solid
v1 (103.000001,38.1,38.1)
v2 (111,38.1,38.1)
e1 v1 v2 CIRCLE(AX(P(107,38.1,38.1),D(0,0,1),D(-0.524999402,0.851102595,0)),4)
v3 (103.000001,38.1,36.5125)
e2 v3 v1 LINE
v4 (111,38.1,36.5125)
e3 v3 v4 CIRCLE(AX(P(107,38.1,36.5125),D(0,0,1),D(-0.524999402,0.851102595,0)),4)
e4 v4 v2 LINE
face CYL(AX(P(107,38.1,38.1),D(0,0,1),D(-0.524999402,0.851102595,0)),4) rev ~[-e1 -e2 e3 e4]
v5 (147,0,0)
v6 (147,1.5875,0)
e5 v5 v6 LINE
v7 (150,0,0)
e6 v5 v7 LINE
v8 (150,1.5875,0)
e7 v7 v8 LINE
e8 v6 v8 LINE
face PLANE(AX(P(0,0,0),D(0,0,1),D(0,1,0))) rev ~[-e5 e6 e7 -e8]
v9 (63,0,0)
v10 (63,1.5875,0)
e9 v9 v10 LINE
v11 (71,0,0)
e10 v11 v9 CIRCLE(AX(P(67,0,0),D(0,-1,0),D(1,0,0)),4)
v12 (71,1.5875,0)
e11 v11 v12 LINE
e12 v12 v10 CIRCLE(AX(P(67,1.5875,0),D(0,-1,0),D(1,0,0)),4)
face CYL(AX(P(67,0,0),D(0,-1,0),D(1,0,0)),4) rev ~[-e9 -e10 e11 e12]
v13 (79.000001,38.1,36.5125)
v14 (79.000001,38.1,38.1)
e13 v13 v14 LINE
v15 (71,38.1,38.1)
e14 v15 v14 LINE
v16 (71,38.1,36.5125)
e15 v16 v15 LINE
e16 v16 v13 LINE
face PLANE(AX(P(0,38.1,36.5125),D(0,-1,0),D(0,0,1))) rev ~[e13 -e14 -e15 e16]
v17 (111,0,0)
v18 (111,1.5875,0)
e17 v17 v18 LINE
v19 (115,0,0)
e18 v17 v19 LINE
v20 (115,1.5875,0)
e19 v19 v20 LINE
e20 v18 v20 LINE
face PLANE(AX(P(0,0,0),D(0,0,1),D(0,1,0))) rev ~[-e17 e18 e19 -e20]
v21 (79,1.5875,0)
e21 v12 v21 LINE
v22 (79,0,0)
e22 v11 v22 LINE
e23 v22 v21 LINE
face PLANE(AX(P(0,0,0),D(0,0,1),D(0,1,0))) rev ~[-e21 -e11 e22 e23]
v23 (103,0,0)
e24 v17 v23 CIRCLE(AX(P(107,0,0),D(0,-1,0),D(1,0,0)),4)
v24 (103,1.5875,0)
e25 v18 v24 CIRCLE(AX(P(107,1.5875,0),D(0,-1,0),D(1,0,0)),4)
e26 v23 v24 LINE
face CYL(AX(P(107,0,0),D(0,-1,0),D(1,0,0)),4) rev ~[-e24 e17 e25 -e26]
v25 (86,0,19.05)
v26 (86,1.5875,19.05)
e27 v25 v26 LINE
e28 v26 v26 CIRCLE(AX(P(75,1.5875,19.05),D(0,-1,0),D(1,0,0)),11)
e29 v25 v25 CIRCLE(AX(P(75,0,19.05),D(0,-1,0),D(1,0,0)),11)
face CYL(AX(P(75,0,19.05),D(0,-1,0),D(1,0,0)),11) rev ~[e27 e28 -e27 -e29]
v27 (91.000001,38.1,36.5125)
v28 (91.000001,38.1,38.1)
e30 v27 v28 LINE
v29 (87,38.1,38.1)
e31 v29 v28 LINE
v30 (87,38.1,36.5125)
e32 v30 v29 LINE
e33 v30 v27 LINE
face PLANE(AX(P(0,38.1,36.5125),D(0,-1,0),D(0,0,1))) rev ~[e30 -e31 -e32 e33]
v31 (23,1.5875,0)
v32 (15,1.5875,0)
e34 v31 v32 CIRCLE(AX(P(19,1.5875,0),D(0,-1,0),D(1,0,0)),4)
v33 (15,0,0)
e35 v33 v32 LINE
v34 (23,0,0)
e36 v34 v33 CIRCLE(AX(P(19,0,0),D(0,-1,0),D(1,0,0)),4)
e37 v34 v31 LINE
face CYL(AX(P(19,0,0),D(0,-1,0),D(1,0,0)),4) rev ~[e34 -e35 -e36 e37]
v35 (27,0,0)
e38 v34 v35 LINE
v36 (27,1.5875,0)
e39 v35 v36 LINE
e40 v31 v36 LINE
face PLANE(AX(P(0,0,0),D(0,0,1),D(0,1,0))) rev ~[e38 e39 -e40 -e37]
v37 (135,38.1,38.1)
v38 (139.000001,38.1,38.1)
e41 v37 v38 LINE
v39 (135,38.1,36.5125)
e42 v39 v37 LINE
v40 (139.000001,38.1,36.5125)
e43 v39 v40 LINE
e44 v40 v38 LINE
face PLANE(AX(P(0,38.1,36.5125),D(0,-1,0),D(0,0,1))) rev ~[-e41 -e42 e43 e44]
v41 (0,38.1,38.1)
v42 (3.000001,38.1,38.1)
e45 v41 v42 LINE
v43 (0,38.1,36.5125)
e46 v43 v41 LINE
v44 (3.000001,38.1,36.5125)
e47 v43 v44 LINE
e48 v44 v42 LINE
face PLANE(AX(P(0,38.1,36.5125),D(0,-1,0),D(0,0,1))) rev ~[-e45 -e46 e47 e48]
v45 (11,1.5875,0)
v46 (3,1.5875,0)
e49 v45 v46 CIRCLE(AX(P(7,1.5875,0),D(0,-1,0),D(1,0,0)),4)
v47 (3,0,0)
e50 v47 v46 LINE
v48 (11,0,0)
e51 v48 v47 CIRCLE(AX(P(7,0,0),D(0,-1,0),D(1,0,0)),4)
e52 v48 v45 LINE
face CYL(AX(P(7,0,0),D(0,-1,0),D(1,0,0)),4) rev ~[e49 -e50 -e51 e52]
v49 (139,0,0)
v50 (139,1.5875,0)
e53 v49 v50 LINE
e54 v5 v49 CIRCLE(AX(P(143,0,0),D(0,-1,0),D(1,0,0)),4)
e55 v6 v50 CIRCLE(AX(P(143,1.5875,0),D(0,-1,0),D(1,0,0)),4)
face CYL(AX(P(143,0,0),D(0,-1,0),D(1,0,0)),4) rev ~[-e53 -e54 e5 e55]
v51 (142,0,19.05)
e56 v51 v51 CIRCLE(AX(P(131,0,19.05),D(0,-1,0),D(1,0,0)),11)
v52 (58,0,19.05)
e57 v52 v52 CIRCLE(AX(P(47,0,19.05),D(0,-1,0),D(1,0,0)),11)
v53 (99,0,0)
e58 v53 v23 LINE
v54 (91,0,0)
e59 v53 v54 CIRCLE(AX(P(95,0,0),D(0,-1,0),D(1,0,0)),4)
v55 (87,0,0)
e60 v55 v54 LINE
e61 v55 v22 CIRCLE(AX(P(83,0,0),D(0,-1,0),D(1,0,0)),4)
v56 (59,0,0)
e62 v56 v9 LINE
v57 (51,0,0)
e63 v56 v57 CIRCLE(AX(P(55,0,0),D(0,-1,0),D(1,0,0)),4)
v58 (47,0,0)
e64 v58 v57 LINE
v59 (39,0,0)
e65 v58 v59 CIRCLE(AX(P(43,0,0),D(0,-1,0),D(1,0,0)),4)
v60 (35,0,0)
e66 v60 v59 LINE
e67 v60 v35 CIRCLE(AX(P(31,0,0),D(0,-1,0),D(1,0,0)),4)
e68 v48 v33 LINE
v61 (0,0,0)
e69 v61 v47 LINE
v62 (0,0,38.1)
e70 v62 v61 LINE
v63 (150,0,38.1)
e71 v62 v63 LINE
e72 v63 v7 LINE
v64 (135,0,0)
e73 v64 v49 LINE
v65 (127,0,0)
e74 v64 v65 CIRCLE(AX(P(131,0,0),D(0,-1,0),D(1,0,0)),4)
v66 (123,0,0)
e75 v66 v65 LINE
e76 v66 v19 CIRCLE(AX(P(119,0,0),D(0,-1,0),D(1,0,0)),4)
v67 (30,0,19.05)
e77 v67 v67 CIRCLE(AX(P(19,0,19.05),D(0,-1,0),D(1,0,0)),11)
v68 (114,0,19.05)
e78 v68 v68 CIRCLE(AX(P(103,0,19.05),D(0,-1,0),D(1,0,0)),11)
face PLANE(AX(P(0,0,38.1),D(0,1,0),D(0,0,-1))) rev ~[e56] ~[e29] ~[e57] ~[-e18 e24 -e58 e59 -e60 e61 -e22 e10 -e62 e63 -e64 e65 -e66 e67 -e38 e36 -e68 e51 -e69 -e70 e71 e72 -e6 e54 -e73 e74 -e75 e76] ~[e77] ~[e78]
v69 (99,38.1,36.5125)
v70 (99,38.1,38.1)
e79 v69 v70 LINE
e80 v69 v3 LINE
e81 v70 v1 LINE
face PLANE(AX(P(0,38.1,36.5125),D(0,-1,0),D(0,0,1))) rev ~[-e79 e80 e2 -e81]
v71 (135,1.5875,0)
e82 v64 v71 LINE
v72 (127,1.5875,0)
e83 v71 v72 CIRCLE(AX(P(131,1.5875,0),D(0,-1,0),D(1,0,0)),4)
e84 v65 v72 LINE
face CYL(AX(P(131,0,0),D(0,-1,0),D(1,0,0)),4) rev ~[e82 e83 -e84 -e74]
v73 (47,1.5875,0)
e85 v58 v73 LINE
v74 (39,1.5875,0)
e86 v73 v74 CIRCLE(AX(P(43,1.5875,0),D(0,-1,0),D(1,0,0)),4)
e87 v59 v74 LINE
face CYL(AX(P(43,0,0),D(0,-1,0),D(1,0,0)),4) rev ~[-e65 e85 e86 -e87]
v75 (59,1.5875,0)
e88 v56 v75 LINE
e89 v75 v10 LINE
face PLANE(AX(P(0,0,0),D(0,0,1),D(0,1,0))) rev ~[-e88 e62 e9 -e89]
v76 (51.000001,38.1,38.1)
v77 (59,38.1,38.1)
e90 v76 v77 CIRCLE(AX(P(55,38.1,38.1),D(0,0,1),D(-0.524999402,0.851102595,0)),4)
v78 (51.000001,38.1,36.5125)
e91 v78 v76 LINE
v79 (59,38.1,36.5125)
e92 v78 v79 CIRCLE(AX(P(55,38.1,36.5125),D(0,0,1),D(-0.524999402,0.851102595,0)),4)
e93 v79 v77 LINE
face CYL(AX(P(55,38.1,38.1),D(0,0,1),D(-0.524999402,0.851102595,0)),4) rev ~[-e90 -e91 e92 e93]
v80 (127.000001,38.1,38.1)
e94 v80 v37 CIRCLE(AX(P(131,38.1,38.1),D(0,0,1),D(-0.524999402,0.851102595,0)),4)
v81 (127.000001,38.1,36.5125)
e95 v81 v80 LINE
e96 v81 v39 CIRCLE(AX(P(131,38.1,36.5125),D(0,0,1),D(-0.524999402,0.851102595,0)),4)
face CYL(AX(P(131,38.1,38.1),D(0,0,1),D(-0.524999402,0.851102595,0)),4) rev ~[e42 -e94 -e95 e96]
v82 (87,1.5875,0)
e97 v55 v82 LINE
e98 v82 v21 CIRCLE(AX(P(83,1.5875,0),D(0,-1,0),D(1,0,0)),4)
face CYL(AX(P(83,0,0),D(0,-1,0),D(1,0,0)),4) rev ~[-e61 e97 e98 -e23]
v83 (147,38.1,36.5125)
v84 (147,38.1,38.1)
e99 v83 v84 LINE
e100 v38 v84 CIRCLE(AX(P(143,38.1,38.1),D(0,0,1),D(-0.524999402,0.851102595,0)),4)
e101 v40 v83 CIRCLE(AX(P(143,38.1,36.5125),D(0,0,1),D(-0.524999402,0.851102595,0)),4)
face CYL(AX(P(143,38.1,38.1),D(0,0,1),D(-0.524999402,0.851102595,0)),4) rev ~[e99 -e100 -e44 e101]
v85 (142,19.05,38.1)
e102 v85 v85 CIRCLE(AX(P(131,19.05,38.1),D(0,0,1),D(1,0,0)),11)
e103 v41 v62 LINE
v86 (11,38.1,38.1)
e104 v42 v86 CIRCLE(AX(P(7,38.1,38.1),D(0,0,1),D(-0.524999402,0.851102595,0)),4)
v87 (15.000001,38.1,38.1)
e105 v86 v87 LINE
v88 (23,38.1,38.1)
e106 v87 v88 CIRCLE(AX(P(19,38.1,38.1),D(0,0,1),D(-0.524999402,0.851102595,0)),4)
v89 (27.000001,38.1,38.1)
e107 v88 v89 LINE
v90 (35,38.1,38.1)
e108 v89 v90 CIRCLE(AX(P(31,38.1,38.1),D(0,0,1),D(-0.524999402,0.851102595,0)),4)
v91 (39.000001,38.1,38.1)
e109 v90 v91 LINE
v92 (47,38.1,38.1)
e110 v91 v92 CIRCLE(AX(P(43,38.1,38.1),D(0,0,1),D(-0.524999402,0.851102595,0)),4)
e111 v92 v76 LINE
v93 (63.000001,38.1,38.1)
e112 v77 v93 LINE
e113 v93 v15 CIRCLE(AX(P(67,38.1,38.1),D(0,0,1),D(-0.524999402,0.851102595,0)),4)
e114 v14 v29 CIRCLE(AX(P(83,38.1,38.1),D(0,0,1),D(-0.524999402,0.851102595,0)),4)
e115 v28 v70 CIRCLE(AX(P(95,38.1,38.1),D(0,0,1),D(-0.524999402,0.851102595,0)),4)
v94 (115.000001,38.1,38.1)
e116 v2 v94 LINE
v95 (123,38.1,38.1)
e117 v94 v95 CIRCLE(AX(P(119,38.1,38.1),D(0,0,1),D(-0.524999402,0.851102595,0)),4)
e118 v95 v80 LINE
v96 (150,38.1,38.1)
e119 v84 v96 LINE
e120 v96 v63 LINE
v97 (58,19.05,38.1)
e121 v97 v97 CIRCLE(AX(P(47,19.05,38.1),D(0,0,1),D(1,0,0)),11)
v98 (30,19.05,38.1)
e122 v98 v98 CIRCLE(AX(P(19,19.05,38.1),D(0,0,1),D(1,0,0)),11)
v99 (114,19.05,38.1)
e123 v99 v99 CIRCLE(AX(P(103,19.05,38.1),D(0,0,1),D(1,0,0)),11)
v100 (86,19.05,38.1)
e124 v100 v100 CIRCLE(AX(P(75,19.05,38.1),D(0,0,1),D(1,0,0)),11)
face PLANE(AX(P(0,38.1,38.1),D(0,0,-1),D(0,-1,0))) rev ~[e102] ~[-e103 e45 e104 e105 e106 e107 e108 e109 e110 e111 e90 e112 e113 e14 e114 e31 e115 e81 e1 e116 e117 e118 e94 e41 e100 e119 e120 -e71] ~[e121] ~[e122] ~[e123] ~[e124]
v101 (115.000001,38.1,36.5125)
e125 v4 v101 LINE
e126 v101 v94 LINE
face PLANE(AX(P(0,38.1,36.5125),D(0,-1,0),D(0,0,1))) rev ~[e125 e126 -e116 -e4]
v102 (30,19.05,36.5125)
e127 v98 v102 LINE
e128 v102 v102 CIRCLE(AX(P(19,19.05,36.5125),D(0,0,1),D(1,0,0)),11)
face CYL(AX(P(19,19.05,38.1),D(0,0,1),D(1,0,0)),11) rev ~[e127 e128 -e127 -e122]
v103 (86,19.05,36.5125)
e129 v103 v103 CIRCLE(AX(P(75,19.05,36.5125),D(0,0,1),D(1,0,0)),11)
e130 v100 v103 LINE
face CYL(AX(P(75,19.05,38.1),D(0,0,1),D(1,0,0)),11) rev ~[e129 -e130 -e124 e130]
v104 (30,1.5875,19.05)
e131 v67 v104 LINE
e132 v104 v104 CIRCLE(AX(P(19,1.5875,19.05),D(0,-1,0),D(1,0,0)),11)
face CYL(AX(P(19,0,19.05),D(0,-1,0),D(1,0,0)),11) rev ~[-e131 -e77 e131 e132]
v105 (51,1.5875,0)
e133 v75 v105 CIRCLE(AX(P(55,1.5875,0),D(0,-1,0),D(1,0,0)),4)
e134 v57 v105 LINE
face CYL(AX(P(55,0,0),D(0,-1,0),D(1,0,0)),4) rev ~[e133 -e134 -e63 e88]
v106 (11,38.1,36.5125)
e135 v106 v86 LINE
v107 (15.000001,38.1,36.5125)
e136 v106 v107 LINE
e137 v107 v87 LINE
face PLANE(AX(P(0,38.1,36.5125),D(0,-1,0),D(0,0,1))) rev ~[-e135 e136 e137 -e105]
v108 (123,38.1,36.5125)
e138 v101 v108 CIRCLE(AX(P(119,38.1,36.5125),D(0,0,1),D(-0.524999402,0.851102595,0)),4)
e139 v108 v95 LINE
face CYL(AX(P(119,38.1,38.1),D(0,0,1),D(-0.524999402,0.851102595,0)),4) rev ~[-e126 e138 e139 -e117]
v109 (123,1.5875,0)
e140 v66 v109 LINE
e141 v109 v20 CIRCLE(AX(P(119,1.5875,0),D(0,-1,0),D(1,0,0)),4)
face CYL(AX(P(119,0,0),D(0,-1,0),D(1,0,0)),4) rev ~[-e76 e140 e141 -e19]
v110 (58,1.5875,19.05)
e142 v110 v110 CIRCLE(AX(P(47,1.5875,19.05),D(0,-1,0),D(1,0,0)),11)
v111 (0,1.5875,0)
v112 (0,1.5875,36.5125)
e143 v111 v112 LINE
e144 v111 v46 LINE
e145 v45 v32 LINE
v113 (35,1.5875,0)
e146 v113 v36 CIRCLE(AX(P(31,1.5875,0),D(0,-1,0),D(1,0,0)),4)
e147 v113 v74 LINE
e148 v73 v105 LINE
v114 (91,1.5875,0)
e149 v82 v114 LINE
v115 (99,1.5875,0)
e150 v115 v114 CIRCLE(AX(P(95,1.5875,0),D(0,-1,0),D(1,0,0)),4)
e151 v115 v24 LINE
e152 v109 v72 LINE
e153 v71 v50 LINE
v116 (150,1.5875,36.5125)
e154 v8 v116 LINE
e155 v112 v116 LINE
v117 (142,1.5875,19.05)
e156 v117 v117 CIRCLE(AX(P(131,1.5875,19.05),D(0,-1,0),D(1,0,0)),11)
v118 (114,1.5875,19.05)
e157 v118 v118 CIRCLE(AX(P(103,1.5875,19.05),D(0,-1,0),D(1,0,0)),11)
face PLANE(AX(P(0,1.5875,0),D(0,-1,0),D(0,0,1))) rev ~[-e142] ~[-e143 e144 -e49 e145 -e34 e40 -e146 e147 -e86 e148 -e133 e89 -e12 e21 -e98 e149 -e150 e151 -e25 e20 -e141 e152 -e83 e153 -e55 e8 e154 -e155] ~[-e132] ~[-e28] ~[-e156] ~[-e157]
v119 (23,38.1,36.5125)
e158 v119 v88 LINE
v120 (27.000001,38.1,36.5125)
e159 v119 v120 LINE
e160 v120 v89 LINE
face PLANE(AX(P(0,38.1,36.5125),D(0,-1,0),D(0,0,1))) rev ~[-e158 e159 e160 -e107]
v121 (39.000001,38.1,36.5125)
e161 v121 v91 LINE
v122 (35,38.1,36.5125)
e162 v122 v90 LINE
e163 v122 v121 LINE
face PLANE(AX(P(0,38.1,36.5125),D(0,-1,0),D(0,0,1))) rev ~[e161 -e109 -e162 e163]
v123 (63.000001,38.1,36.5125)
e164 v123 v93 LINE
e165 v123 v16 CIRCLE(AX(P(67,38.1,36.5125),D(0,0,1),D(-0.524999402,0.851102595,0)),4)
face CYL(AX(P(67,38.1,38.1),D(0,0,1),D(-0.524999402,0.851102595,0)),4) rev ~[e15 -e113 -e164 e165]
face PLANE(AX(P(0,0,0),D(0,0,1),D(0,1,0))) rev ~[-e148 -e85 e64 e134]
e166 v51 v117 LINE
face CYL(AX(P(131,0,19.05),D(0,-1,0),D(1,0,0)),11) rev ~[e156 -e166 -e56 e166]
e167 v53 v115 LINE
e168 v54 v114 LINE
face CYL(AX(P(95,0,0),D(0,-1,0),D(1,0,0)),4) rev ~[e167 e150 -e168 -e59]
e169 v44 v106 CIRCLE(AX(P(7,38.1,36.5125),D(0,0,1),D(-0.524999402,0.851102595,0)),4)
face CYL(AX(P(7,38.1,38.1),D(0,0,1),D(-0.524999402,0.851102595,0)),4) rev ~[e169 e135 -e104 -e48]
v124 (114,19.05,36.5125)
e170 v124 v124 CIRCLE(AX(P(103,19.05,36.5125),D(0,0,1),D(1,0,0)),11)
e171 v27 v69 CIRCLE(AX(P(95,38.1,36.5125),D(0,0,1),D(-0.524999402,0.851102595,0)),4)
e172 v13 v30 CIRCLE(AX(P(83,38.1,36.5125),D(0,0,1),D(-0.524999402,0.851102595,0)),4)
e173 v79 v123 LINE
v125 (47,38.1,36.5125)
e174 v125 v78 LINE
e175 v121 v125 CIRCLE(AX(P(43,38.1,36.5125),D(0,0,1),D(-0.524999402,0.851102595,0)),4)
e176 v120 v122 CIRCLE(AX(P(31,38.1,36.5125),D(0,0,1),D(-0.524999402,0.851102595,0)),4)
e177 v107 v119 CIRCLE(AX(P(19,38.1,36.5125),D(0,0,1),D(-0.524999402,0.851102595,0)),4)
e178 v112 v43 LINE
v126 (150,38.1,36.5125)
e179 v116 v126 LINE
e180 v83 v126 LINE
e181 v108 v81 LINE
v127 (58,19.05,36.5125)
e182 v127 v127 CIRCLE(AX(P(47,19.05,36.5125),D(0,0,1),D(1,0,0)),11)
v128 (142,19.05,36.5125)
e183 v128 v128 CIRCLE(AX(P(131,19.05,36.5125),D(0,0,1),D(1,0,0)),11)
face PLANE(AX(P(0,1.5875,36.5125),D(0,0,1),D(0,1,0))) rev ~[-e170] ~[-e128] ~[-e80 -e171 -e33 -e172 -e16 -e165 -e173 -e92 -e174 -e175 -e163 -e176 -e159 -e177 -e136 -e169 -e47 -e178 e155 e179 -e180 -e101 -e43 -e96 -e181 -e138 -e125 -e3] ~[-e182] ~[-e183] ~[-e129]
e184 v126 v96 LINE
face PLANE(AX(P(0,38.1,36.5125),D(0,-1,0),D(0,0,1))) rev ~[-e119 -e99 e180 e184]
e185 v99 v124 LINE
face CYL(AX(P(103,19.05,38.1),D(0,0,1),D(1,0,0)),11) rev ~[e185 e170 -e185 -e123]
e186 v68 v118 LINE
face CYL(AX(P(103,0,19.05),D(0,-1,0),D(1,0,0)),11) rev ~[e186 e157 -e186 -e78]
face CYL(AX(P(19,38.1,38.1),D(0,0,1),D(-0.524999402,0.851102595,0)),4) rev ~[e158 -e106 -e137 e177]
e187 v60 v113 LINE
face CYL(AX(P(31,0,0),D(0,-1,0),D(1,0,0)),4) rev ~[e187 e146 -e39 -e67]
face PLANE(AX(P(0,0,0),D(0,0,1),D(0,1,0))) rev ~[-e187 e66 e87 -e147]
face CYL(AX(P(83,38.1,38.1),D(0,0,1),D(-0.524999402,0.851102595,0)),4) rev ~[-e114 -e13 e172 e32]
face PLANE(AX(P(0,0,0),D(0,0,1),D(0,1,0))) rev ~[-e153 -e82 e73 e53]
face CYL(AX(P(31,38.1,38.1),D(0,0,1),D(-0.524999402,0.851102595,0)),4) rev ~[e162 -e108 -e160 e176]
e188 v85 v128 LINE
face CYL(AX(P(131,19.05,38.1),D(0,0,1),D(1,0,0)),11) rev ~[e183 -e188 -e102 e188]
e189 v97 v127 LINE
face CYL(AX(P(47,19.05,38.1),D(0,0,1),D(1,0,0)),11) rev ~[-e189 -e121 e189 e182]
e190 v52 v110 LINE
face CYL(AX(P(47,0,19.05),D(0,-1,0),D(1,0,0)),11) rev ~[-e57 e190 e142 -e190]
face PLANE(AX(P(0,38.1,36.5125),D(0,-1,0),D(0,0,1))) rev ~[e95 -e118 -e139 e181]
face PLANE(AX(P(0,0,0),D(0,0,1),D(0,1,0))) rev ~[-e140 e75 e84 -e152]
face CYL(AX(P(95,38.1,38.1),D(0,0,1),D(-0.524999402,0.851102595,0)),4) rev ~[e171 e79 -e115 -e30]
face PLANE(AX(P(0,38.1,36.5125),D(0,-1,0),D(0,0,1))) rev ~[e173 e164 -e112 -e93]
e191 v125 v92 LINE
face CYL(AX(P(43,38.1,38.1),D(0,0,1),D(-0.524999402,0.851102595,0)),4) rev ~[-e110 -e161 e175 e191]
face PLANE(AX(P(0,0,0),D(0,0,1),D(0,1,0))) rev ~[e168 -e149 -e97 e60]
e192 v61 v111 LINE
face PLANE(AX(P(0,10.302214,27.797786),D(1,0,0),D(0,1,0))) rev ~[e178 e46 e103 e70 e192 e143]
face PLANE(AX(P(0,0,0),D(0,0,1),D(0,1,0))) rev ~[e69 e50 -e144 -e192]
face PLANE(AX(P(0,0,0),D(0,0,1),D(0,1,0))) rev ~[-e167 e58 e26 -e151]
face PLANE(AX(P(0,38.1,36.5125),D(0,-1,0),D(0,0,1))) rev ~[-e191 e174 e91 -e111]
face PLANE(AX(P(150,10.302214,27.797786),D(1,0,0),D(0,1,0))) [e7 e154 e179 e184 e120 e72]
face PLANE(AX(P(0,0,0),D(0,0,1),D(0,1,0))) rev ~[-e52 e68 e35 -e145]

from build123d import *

# Parameters (mm, degrees)
F1_DEPTH = 150
F2_R     = 11
F3_DEPTH = 38.101
F4_R     = 11
F5_DEPTH = 38.101


with BuildPart() as f1:
    # F0 (on Right) → F1 (new body)
    with BuildSketch(Plane.YZ):
        Polygon((0, 38.1), (0, 0), (1.5875, 0), (1.5875, 36.5125), (38.1, 36.5125), (38.1, 38.1), align=None)
    extrude(amount=F1_DEPTH)

    # F2 (on face) → F3 (cut, through all)
    with BuildSketch(Plane.XZ):
        with Locations((75, 19.05)):
            Circle(F2_R)
        with Locations((103, 19.05)):
            Circle(F2_R)
        with Locations((131, 19.05)):
            Circle(F2_R)
        with Locations((47, 19.05)):
            Circle(F2_R)
        with Locations((19, 19.05)):
            Circle(F2_R)
        with BuildLine():
            ThreePointArc((87, 0), (83, 4), (79, 0))
            Line((79, 0), (87, 0))
        make_face()
        with BuildLine():
            Line((91, 0), (99, 0))
            ThreePointArc((99, 0), (95, 4), (91, 0))
        make_face()
        with BuildLine():
            Line((103, 0), (111, 0))
            ThreePointArc((111, 0), (107, 4), (103, 0))
        make_face()
        with BuildLine():
            Line((115, 0), (123, 0))
            ThreePointArc((123, 0), (119, 4), (115, 0))
        make_face()
        with BuildLine():
            Line((127, 0), (135, 0))
            ThreePointArc((135, 0), (131, 4), (127, 0))
        make_face()
        with BuildLine():
            Line((139, 0), (147, 0))
            ThreePointArc((147, 0), (143, 4), (139, 0))
        make_face()
        with BuildLine():
            ThreePointArc((71, 0), (67, 4), (63, 0))
            Line((63, 0), (71, 0))
        make_face()
        with BuildLine():
            ThreePointArc((11, 0), (7, 4), (3, 0))
            Line((3, 0), (11, 0))
        make_face()
        with BuildLine():
            ThreePointArc((35, 0), (31, 4), (27, 0))
            Line((27, 0), (35, 0))
        make_face()
        with BuildLine():
            ThreePointArc((23, 0), (19, 4), (15, 0))
            Line((15, 0), (23, 0))
        make_face()
        with BuildLine():
            Line((39, 0), (47, 0))
            ThreePointArc((47, 0), (43, 4), (39, 0))
        make_face()
        with BuildLine():
            Line((51, 0), (59, 0))
            ThreePointArc((59, 0), (55, 4), (51, 0))
        make_face()
    extrude(amount=-F3_DEPTH, mode=Mode.SUBTRACT)

    # F4 (on face) → F5 (cut, through all)
    with BuildSketch(Plane.XY.offset(38.1)):
        with Locations((75, 19.05)):
            Circle(F4_R)
        with Locations((47, 19.05)):
            Circle(F4_R)
        with Locations((19, 19.05)):
            Circle(F4_R)
        with Locations((103, 19.05)):
            Circle(F4_R)
        with Locations((131, 19.05)):
            Circle(F4_R)
        with BuildLine():
            ThreePointArc((64.900003, 41.50441), (67, 34.1), (69.099998, 41.50441))
            Line((69.099998, 41.50441), (64.900003, 41.50441))
        make_face()
        with BuildLine():
            Line((57.099998, 41.50441), (52.900003, 41.50441))
            ThreePointArc((52.900003, 41.50441), (55, 34.1), (57.099998, 41.50441))
        make_face()
        with BuildLine():
            Line((45.099998, 41.50441), (40.900003, 41.50441))
            ThreePointArc((40.900003, 41.50441), (43, 34.1), (45.099998, 41.50441))
        make_face()
        with BuildLine():
            Line((33.099998, 41.50441), (28.900003, 41.50441))
            ThreePointArc((28.900003, 41.50441), (31, 34.1), (33.099998, 41.50441))
        make_face()
        with BuildLine():
            Line((21.099998, 41.50441), (16.900003, 41.50441))
            ThreePointArc((16.900003, 41.50441), (19, 34.1), (21.099998, 41.50441))
        make_face()
        with BuildLine():
            Line((9.099998, 41.50441), (4.900003, 41.50441))
            ThreePointArc((4.900003, 41.50441), (7, 34.1), (9.099998, 41.50441))
        make_face()
        with BuildLine():
            ThreePointArc((80.900003, 41.50441), (83, 34.1), (85.099998, 41.50441))
            Line((85.099998, 41.50441), (80.900003, 41.50441))
        make_face()
        with BuildLine():
            ThreePointArc((140.900003, 41.50441), (143, 34.1), (145.099998, 41.50441))
            Line((145.099998, 41.50441), (140.900003, 41.50441))
        make_face()
        with BuildLine():
            ThreePointArc((116.900003, 41.50441), (119, 34.1), (121.099998, 41.50441))
            Line((121.099998, 41.50441), (116.900003, 41.50441))
        make_face()
        with BuildLine():
            ThreePointArc((128.900003, 41.50441), (131, 34.1), (133.099998, 41.50441))
            Line((133.099998, 41.50441), (128.900003, 41.50441))
        make_face()
        with BuildLine():
            Line((109.099998, 41.50441), (104.900003, 41.50441))
            ThreePointArc((104.900003, 41.50441), (107, 34.1), (109.099998, 41.50441))
        make_face()
        with BuildLine():
            Line((97.099998, 41.50441), (92.900003, 41.50441))
            ThreePointArc((92.900003, 41.50441), (95, 34.1), (97.099998, 41.50441))
        make_face()
    extrude(amount=-F5_DEPTH, mode=Mode.SUBTRACT)


solid = f1.part
